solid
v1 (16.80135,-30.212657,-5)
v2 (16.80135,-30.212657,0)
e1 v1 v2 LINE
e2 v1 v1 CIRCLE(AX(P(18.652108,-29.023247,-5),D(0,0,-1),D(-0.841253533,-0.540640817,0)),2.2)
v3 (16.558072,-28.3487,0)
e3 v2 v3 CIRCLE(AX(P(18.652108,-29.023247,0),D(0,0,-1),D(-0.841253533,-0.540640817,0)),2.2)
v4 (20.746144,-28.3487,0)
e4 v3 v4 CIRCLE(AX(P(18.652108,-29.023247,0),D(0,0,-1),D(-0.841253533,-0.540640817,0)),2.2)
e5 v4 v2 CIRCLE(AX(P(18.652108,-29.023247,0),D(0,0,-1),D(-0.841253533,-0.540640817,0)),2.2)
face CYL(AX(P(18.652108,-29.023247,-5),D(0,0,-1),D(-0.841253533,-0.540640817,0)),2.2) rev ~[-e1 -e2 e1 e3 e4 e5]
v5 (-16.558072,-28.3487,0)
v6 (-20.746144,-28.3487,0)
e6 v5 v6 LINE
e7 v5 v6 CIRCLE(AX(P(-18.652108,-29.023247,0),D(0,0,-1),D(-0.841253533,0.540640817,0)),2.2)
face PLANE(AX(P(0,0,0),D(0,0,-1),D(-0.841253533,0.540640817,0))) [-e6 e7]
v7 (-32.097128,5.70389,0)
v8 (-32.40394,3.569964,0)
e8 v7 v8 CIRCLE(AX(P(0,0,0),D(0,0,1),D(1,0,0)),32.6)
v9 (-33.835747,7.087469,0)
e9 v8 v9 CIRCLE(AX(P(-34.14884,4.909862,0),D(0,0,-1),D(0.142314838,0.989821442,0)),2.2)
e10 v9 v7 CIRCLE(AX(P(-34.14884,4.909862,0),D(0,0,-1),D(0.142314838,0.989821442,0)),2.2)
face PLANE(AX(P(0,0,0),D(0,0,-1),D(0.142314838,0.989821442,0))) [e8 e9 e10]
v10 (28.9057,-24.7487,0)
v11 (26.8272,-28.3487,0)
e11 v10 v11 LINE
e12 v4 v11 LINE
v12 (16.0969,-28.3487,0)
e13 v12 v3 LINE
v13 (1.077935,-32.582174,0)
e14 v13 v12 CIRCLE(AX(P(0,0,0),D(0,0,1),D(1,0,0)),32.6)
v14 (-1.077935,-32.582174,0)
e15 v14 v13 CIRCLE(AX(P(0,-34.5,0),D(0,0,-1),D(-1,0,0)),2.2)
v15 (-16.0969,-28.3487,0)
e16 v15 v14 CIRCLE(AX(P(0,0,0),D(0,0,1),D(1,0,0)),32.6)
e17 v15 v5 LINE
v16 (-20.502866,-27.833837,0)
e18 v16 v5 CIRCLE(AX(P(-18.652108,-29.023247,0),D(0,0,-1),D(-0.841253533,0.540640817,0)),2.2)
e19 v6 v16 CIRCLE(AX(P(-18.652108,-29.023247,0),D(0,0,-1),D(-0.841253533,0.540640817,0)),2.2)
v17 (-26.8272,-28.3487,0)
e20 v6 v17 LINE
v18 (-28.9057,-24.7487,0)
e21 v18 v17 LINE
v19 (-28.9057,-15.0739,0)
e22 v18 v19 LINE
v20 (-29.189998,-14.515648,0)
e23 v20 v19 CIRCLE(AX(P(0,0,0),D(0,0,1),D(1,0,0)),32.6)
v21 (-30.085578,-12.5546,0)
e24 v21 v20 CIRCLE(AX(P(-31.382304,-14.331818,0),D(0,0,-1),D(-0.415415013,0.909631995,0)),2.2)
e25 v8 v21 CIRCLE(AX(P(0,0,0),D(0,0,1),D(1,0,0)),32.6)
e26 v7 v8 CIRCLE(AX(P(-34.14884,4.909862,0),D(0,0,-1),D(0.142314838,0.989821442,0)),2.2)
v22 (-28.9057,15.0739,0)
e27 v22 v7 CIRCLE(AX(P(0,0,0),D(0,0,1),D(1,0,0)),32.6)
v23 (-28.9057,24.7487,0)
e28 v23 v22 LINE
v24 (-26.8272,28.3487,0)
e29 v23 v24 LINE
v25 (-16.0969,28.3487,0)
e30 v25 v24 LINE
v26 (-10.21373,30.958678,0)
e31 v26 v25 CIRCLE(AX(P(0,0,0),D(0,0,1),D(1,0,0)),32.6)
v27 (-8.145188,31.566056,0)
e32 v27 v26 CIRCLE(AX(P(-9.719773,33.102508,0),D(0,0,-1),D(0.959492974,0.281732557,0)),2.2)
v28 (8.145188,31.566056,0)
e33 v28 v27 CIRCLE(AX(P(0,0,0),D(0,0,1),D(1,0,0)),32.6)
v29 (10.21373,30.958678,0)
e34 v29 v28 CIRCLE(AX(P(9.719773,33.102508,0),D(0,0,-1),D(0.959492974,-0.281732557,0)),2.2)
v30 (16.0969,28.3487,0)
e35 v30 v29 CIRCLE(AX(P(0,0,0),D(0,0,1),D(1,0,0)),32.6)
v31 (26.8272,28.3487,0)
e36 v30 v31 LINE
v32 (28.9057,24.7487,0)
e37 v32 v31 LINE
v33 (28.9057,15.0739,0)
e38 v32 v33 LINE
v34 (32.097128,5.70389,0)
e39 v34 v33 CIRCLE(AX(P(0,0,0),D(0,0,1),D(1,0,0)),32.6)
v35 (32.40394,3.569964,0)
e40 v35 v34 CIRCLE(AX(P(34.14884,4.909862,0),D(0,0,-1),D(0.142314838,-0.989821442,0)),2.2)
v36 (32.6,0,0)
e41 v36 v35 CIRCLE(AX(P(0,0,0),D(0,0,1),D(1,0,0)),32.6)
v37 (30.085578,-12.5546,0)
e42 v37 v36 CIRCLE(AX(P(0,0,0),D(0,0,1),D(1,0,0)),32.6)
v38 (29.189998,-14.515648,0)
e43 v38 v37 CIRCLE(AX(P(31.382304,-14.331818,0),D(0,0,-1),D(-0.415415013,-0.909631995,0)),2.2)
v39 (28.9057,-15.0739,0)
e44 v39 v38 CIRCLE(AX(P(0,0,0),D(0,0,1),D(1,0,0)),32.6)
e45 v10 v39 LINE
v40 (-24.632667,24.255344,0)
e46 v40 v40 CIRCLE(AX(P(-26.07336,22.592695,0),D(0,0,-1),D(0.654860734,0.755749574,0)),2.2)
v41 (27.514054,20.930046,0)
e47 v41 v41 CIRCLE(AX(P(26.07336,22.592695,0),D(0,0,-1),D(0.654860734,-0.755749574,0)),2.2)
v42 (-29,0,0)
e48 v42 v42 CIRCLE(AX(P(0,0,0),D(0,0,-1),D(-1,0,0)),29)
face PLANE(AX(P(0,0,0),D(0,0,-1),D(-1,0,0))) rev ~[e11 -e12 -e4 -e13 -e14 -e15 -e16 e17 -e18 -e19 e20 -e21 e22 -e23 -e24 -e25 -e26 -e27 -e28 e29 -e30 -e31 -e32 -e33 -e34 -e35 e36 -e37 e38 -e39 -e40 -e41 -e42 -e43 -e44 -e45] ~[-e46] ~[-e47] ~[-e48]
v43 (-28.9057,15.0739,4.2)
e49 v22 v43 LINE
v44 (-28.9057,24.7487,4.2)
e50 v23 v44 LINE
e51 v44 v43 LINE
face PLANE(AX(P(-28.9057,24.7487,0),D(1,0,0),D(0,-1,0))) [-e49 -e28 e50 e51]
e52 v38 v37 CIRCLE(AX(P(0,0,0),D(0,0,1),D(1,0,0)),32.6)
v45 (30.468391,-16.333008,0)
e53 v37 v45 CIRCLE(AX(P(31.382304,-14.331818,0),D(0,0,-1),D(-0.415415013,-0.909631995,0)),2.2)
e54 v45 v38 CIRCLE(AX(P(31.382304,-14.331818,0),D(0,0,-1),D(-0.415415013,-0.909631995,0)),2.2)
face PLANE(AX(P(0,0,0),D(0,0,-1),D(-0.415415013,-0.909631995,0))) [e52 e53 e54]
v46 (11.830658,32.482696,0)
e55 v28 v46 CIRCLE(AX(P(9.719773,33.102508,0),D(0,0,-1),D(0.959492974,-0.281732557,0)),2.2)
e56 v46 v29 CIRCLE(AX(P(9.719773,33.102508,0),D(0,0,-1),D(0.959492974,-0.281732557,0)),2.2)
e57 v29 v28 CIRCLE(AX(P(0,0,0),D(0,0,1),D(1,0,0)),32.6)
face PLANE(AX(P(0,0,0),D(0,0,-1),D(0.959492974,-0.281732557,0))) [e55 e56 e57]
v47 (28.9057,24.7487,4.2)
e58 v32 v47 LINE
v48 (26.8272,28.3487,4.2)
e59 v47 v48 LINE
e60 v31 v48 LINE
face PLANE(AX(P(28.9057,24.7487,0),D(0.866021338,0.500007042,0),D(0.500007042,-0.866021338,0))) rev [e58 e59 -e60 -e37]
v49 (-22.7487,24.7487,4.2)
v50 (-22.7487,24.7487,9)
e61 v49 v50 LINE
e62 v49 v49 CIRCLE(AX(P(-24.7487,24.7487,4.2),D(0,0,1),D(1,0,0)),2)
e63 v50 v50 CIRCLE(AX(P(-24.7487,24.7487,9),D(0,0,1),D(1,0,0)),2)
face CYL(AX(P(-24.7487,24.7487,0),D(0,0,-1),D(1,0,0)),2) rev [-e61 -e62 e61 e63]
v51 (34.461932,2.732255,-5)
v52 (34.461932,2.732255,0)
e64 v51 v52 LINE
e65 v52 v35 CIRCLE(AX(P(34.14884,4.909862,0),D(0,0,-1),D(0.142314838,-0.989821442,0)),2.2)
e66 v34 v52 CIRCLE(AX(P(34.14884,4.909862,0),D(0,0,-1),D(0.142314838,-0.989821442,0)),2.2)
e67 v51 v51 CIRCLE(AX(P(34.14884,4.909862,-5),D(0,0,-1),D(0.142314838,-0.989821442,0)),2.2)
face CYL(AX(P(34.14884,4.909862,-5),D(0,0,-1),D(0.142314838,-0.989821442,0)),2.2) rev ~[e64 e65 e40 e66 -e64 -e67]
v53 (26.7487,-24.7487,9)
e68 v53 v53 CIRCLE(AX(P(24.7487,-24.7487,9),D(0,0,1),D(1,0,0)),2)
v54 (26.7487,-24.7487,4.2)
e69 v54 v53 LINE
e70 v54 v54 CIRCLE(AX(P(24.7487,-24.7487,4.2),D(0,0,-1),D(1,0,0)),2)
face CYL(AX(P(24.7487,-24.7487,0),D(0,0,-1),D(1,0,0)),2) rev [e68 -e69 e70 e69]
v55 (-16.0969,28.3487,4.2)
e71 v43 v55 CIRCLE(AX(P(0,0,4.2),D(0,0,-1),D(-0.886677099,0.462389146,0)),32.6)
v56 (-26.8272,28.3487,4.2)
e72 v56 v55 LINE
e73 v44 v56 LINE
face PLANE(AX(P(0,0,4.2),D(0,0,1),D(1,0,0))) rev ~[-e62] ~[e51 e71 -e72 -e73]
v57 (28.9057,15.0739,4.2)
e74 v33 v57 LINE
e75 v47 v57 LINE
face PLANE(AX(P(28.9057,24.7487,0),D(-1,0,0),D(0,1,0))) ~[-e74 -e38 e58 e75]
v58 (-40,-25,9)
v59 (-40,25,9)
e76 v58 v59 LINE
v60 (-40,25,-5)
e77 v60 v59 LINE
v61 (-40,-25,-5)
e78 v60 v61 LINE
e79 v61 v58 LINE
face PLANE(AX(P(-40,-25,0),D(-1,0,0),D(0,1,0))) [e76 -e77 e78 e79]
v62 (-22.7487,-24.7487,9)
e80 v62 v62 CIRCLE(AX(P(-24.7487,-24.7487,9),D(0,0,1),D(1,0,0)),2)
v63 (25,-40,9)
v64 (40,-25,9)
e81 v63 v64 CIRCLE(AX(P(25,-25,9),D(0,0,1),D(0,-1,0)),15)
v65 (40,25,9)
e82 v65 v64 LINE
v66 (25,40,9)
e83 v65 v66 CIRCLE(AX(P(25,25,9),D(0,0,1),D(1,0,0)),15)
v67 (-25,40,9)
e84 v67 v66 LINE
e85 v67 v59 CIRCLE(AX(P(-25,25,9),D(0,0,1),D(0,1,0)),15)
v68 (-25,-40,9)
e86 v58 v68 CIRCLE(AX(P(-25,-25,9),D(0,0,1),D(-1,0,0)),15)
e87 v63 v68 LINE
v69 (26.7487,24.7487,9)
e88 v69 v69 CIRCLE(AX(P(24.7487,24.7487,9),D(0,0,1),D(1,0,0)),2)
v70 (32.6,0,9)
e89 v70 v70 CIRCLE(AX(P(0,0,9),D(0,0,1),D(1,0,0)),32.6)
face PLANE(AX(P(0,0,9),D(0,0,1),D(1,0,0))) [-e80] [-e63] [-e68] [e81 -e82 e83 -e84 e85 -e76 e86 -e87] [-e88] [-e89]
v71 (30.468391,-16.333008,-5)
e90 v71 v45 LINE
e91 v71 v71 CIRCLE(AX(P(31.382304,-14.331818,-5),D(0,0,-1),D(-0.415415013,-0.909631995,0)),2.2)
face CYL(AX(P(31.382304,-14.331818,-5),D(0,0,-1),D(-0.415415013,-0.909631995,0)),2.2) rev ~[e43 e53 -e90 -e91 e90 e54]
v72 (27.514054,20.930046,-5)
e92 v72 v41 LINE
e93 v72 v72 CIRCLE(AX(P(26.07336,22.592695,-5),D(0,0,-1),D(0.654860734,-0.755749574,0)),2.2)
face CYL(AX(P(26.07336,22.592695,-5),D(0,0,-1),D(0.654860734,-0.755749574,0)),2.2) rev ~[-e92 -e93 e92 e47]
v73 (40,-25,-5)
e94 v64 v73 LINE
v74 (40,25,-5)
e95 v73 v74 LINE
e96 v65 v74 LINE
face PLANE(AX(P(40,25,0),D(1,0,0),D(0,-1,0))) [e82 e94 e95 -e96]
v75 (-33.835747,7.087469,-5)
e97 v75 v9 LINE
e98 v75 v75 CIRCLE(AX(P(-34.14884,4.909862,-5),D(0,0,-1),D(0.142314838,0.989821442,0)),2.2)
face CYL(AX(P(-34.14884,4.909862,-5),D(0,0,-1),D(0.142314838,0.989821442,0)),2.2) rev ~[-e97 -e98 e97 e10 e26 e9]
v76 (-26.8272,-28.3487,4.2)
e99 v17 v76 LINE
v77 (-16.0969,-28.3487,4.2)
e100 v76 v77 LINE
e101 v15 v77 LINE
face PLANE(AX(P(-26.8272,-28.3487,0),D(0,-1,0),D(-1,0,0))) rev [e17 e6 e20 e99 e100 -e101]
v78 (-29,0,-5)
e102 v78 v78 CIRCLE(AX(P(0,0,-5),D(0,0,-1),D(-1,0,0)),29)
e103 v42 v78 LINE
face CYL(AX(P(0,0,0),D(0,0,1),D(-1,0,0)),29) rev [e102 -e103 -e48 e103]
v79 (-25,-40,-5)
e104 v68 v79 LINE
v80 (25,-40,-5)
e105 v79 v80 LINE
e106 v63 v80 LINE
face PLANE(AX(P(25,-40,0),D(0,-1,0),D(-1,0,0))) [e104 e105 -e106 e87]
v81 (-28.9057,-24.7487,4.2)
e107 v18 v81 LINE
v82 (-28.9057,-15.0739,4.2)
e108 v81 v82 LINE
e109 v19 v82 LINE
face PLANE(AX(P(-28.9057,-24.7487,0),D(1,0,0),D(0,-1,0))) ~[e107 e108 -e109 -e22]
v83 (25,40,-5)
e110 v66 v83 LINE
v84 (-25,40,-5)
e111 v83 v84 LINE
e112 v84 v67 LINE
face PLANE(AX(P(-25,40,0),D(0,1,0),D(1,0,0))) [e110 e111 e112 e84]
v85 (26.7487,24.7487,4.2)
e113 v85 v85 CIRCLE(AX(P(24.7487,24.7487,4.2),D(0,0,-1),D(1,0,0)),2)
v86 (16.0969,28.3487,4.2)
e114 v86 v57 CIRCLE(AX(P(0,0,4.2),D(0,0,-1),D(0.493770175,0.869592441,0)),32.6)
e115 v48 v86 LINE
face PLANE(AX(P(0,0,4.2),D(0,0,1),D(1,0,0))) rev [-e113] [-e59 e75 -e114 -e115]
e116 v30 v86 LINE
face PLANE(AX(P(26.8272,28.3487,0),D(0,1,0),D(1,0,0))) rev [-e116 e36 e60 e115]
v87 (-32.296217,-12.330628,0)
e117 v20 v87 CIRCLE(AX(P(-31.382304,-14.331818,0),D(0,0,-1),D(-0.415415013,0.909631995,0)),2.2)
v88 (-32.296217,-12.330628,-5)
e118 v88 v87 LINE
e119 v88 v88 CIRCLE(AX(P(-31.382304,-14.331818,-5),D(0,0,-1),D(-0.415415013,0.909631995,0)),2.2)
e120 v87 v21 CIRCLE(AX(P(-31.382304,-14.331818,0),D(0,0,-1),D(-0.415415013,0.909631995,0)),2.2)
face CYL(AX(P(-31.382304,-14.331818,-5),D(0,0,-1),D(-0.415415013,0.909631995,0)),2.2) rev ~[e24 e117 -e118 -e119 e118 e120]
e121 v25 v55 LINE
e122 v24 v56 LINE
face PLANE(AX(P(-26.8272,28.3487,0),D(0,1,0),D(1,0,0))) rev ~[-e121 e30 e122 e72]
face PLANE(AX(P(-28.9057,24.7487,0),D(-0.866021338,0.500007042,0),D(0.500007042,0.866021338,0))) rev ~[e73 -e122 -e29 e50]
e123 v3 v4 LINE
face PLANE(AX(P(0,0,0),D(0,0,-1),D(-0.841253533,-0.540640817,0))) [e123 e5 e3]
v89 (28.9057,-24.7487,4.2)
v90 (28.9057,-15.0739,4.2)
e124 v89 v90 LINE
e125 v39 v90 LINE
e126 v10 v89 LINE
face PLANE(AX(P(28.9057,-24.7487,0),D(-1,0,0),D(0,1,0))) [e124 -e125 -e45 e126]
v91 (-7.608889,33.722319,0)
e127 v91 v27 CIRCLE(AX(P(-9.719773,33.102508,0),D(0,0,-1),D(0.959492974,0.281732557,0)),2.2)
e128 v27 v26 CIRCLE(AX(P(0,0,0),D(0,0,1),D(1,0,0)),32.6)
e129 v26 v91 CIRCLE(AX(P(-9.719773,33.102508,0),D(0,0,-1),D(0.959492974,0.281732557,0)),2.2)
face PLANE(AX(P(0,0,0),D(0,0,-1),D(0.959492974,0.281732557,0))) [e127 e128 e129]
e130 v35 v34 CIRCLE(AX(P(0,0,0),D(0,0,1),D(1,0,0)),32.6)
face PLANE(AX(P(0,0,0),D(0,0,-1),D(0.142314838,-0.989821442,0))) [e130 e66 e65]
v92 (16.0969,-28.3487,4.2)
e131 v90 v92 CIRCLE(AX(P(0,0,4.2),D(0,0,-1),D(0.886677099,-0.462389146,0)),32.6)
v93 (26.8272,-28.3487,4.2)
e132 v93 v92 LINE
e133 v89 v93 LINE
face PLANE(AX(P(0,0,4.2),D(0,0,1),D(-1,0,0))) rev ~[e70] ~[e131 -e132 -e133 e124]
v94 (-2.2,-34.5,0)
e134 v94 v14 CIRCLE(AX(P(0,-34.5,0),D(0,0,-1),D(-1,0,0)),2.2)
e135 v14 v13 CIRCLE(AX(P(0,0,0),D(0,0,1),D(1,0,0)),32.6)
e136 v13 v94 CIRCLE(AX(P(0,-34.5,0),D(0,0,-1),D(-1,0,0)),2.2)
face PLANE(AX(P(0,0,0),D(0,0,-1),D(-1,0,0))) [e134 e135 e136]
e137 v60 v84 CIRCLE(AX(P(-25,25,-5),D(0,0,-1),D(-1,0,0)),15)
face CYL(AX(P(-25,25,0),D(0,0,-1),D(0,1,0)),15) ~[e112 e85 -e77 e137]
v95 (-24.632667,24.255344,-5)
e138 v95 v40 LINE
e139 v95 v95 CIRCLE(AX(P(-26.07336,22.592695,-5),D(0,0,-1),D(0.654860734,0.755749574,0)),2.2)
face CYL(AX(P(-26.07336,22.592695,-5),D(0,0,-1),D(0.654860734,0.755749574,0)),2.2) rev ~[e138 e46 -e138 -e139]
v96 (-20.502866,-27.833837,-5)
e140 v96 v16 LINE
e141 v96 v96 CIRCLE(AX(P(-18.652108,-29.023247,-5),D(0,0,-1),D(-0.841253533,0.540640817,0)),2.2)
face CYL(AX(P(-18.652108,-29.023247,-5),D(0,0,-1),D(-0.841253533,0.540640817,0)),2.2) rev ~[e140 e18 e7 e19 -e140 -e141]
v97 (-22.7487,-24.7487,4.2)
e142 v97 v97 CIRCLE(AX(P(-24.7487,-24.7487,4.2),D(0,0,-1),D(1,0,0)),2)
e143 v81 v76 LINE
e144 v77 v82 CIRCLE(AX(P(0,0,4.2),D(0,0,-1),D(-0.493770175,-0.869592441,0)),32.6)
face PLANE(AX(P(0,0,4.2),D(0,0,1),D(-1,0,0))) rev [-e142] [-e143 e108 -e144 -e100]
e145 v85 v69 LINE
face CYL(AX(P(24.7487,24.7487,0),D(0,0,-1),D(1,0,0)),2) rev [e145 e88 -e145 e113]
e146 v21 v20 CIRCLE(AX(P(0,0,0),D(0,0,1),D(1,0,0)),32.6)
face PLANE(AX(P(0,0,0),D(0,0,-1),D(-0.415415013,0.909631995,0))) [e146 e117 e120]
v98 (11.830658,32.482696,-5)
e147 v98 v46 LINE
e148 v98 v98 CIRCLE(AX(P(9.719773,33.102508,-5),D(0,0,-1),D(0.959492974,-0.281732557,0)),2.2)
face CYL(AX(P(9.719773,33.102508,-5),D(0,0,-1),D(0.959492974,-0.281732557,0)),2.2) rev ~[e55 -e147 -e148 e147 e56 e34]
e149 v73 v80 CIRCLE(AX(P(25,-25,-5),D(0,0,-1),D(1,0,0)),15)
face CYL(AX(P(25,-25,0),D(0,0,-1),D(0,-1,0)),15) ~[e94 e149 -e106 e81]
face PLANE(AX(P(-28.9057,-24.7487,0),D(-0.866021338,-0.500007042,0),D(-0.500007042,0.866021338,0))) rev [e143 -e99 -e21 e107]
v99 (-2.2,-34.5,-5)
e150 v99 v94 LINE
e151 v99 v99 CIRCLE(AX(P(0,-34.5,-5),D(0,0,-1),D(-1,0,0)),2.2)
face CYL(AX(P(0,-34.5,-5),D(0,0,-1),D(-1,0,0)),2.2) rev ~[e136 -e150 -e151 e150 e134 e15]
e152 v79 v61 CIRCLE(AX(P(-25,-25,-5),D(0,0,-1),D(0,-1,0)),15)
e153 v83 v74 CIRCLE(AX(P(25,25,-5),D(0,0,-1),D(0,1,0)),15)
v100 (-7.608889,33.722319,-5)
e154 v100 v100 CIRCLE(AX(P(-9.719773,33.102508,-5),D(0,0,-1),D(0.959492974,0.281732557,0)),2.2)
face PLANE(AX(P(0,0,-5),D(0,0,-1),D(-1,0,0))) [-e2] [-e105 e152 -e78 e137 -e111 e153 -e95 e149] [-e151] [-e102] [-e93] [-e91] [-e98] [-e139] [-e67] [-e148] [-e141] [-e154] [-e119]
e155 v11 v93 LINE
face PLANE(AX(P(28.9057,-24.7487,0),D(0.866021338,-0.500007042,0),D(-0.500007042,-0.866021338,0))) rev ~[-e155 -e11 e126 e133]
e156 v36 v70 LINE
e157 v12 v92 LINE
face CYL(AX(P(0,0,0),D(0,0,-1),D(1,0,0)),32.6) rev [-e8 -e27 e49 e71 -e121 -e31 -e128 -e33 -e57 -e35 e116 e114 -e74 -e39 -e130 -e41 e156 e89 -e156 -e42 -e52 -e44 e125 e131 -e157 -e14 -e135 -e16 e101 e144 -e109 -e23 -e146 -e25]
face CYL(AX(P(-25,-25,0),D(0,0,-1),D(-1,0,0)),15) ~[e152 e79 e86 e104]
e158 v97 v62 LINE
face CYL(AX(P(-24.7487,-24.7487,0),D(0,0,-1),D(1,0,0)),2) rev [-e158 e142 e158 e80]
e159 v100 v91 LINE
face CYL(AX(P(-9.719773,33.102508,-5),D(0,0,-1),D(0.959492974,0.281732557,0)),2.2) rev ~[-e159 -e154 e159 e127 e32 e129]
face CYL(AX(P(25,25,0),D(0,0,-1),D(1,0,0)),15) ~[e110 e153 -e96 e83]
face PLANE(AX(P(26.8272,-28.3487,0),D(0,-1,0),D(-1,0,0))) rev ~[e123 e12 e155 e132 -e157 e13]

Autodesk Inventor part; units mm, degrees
ref_plane "YZ Plane" through (0, 0, 0) normal (1, 0, 0) x (0, 1, 0)
ref_plane "XZ Plane" through (0, 0, 0) normal (0, 1, 0) x (-1, 0, 0)
ref_plane "XY Plane" through (0, 0, 0) normal (0, 0, 1) x (1, 0, 0)
sketch "스케치1" plane through (0, 0, 0) normal (0, 0, 1) x (1, 0, 0)
  line L0 (-25, -30) -> (25, -30) construction
  line L1 (30, -25) -> (30, 25) construction
  line L2 (25, 30) -> (-25, 30) construction
  line L3 (-30, 25) -> (-30, -25) construction
  line L4 (-30, -30) -> (30, 30) construction
  line L5 (30, -30) -> (-30, 30) construction
  arc A0 (-25, 30) -> (-30, 25) centre (-25, 25) ccw
  arc A1 (30, 25) -> (25, 30) centre (25, 25) ccw
  arc A2 (25, -30) -> (30, -25) centre (25, -25) ccw
  arc A3 (-30, -25) -> (-25, -30) centre (-25, -25) ccw
  circle A4 centre (0, 0) radius 7.5
  circle A5 centre (0, 0) radius 35 construction
  circle A6 centre (-24.7487, 24.7487) radius 2
  circle A7 centre (-24.7487, -24.7487) radius 2
  circle A8 centre (24.7487, -24.7487) radius 2
  circle A9 centre (24.7487, 24.7487) radius 2
  circle A10 centre (0, 0) radius 32.6
  circle A11 centre (0, 0) radius 25 construction
  line L6 (-25, 40) -> (25, 40)
  arc A12 (40, 25) -> (25, 40) centre (25, 25) ccw
  line L7 (40, 25) -> (40, -25)
  arc A13 (25, -40) -> (40, -25) centre (25, -25) ccw
  line L8 (25, -40) -> (-25, -40)
  arc A14 (-40, -25) -> (-25, -40) centre (-25, -25) ccw
  line L9 (-40, -25) -> (-40, 25)
  arc A15 (-25, 40) -> (-40, 25) centre (-25, 25) ccw
  dimension "d4" = 70
  dimension "d0" = 60
  dimension "d1" = 60
  dimension "d2" = 5
  dimension "d3" = 15
  dimension "d5" = 4
  dimension "d8" = 360
  dimension "d10" = 65.2
  dimension "d11" = 50
  dimension "d12" = 10
extrude "돌출1" add sketch "스케치1" along normal blind 9 contours L6 A12 L7 A13 L8 A14 L9 A15
sketch "스케치2" plane through (0, 0, 0) normal (0, 0, -1) x (-1, 0, 0)
  line L0 (25, -40) -> (-25, -40) projected
  arc A0 (25, -40) -> (40, -25) centre (25, -25) ccw projected
  line L1 (40, 25) -> (40, -25) projected
  arc A1 (40, 25) -> (25, 40) centre (25, 25) ccw projected
  line L2 (-25, 40) -> (25, 40) projected
  arc A2 (-25, 40) -> (-40, 25) centre (-25, 25) ccw projected
  line L3 (-40, -25) -> (-40, 25) projected
  arc A3 (-40, -25) -> (-25, -40) centre (-25, -25) ccw projected
  circle A4 centre (0, 0) radius 32.6 construction
  circle A5 centre (-24.7487, 24.7487) radius 2 projected
  circle A6 centre (-24.7487, -24.7487) radius 2 projected
  circle A7 centre (24.7487, -24.7487) radius 2 projected
  circle A8 centre (24.7487, 24.7487) radius 2 projected
  circle A9 centre (0, 0) radius 29
  dimension "d15" = 58
extrude "돌출2" add sketch "스케치2" along normal blind 5 contours L0 A3 L3 A2 L2 A1 L1 A0 | A5 | A6 | A7 | A8
sketch "스케치9" plane through (0, 0, 0) normal (0, 0, 1) x (1, 0, 0)
  circle A0 centre (-24.7487, 24.7487) radius 2 projected
  line L0 (-28.9057, 24.7487) -> (-26.8272, 28.3487)
  line L1 (-26.8272, 28.3487) -> (-22.6703, 28.3487)
  line L2 (-22.6703, 28.3487) -> (-20.5918, 24.7487)
  line L3 (-20.5918, 24.7487) -> (-22.6703, 21.1487)
  line L4 (-22.6703, 21.1487) -> (-26.8272, 21.1487)
  line L5 (-26.8272, 21.1487) -> (-28.9057, 24.7487)
  line L6 (-28.9057, 24.7487) -> (-28.9057, 15.0739)
  circle A1 centre (0, 0) radius 32.6 projected
  line L7 (-22.6703, 28.3487) -> (-16.0969, 28.3487)
  point P0 (-20.7972, 25.1045)
  point P1 (-24.8091, 21.1487)
  dimension "d27" = 7.2
extrude "돌출4" cut sketch "스케치9" along normal blind 4.2 contours L0 L1 L2 A1 L4 L5 | L5 L4 A1 L6 | L7 A1 L2 | A1 L2 L3 L4 picked at (-21.824, 23.2537)
mirror "미러1" about plane through (0, 0, 0) normal (0, 1, 0) of "돌출4"
mirror "미러2" about plane through (0, 0, 0) normal (1, 0, 0) of "돌출4", "미러1"
sketch "스케치10" plane through (0, 0, -5) normal (0, 0, -1) x (-1, 0, 0)
  circle A0 centre (0, 0) radius 32.5 construction
  circle A1 centre (0, -34.5) radius 2 construction
  circle A2 centre (0, -34.5) radius 2.2
  dimension "d30" = 65
  dimension "d31" = 4
  dimension "d32" = 0.2
extrude "돌출5" cut sketch "스케치10" against normal blind 5
pattern_circular "원형 패턴1" count 11 over 360 about axis through (0, 0, 0) along (0, 0, -1) of "돌출5"
properties part number "사이클로이드 기어 하우징"
